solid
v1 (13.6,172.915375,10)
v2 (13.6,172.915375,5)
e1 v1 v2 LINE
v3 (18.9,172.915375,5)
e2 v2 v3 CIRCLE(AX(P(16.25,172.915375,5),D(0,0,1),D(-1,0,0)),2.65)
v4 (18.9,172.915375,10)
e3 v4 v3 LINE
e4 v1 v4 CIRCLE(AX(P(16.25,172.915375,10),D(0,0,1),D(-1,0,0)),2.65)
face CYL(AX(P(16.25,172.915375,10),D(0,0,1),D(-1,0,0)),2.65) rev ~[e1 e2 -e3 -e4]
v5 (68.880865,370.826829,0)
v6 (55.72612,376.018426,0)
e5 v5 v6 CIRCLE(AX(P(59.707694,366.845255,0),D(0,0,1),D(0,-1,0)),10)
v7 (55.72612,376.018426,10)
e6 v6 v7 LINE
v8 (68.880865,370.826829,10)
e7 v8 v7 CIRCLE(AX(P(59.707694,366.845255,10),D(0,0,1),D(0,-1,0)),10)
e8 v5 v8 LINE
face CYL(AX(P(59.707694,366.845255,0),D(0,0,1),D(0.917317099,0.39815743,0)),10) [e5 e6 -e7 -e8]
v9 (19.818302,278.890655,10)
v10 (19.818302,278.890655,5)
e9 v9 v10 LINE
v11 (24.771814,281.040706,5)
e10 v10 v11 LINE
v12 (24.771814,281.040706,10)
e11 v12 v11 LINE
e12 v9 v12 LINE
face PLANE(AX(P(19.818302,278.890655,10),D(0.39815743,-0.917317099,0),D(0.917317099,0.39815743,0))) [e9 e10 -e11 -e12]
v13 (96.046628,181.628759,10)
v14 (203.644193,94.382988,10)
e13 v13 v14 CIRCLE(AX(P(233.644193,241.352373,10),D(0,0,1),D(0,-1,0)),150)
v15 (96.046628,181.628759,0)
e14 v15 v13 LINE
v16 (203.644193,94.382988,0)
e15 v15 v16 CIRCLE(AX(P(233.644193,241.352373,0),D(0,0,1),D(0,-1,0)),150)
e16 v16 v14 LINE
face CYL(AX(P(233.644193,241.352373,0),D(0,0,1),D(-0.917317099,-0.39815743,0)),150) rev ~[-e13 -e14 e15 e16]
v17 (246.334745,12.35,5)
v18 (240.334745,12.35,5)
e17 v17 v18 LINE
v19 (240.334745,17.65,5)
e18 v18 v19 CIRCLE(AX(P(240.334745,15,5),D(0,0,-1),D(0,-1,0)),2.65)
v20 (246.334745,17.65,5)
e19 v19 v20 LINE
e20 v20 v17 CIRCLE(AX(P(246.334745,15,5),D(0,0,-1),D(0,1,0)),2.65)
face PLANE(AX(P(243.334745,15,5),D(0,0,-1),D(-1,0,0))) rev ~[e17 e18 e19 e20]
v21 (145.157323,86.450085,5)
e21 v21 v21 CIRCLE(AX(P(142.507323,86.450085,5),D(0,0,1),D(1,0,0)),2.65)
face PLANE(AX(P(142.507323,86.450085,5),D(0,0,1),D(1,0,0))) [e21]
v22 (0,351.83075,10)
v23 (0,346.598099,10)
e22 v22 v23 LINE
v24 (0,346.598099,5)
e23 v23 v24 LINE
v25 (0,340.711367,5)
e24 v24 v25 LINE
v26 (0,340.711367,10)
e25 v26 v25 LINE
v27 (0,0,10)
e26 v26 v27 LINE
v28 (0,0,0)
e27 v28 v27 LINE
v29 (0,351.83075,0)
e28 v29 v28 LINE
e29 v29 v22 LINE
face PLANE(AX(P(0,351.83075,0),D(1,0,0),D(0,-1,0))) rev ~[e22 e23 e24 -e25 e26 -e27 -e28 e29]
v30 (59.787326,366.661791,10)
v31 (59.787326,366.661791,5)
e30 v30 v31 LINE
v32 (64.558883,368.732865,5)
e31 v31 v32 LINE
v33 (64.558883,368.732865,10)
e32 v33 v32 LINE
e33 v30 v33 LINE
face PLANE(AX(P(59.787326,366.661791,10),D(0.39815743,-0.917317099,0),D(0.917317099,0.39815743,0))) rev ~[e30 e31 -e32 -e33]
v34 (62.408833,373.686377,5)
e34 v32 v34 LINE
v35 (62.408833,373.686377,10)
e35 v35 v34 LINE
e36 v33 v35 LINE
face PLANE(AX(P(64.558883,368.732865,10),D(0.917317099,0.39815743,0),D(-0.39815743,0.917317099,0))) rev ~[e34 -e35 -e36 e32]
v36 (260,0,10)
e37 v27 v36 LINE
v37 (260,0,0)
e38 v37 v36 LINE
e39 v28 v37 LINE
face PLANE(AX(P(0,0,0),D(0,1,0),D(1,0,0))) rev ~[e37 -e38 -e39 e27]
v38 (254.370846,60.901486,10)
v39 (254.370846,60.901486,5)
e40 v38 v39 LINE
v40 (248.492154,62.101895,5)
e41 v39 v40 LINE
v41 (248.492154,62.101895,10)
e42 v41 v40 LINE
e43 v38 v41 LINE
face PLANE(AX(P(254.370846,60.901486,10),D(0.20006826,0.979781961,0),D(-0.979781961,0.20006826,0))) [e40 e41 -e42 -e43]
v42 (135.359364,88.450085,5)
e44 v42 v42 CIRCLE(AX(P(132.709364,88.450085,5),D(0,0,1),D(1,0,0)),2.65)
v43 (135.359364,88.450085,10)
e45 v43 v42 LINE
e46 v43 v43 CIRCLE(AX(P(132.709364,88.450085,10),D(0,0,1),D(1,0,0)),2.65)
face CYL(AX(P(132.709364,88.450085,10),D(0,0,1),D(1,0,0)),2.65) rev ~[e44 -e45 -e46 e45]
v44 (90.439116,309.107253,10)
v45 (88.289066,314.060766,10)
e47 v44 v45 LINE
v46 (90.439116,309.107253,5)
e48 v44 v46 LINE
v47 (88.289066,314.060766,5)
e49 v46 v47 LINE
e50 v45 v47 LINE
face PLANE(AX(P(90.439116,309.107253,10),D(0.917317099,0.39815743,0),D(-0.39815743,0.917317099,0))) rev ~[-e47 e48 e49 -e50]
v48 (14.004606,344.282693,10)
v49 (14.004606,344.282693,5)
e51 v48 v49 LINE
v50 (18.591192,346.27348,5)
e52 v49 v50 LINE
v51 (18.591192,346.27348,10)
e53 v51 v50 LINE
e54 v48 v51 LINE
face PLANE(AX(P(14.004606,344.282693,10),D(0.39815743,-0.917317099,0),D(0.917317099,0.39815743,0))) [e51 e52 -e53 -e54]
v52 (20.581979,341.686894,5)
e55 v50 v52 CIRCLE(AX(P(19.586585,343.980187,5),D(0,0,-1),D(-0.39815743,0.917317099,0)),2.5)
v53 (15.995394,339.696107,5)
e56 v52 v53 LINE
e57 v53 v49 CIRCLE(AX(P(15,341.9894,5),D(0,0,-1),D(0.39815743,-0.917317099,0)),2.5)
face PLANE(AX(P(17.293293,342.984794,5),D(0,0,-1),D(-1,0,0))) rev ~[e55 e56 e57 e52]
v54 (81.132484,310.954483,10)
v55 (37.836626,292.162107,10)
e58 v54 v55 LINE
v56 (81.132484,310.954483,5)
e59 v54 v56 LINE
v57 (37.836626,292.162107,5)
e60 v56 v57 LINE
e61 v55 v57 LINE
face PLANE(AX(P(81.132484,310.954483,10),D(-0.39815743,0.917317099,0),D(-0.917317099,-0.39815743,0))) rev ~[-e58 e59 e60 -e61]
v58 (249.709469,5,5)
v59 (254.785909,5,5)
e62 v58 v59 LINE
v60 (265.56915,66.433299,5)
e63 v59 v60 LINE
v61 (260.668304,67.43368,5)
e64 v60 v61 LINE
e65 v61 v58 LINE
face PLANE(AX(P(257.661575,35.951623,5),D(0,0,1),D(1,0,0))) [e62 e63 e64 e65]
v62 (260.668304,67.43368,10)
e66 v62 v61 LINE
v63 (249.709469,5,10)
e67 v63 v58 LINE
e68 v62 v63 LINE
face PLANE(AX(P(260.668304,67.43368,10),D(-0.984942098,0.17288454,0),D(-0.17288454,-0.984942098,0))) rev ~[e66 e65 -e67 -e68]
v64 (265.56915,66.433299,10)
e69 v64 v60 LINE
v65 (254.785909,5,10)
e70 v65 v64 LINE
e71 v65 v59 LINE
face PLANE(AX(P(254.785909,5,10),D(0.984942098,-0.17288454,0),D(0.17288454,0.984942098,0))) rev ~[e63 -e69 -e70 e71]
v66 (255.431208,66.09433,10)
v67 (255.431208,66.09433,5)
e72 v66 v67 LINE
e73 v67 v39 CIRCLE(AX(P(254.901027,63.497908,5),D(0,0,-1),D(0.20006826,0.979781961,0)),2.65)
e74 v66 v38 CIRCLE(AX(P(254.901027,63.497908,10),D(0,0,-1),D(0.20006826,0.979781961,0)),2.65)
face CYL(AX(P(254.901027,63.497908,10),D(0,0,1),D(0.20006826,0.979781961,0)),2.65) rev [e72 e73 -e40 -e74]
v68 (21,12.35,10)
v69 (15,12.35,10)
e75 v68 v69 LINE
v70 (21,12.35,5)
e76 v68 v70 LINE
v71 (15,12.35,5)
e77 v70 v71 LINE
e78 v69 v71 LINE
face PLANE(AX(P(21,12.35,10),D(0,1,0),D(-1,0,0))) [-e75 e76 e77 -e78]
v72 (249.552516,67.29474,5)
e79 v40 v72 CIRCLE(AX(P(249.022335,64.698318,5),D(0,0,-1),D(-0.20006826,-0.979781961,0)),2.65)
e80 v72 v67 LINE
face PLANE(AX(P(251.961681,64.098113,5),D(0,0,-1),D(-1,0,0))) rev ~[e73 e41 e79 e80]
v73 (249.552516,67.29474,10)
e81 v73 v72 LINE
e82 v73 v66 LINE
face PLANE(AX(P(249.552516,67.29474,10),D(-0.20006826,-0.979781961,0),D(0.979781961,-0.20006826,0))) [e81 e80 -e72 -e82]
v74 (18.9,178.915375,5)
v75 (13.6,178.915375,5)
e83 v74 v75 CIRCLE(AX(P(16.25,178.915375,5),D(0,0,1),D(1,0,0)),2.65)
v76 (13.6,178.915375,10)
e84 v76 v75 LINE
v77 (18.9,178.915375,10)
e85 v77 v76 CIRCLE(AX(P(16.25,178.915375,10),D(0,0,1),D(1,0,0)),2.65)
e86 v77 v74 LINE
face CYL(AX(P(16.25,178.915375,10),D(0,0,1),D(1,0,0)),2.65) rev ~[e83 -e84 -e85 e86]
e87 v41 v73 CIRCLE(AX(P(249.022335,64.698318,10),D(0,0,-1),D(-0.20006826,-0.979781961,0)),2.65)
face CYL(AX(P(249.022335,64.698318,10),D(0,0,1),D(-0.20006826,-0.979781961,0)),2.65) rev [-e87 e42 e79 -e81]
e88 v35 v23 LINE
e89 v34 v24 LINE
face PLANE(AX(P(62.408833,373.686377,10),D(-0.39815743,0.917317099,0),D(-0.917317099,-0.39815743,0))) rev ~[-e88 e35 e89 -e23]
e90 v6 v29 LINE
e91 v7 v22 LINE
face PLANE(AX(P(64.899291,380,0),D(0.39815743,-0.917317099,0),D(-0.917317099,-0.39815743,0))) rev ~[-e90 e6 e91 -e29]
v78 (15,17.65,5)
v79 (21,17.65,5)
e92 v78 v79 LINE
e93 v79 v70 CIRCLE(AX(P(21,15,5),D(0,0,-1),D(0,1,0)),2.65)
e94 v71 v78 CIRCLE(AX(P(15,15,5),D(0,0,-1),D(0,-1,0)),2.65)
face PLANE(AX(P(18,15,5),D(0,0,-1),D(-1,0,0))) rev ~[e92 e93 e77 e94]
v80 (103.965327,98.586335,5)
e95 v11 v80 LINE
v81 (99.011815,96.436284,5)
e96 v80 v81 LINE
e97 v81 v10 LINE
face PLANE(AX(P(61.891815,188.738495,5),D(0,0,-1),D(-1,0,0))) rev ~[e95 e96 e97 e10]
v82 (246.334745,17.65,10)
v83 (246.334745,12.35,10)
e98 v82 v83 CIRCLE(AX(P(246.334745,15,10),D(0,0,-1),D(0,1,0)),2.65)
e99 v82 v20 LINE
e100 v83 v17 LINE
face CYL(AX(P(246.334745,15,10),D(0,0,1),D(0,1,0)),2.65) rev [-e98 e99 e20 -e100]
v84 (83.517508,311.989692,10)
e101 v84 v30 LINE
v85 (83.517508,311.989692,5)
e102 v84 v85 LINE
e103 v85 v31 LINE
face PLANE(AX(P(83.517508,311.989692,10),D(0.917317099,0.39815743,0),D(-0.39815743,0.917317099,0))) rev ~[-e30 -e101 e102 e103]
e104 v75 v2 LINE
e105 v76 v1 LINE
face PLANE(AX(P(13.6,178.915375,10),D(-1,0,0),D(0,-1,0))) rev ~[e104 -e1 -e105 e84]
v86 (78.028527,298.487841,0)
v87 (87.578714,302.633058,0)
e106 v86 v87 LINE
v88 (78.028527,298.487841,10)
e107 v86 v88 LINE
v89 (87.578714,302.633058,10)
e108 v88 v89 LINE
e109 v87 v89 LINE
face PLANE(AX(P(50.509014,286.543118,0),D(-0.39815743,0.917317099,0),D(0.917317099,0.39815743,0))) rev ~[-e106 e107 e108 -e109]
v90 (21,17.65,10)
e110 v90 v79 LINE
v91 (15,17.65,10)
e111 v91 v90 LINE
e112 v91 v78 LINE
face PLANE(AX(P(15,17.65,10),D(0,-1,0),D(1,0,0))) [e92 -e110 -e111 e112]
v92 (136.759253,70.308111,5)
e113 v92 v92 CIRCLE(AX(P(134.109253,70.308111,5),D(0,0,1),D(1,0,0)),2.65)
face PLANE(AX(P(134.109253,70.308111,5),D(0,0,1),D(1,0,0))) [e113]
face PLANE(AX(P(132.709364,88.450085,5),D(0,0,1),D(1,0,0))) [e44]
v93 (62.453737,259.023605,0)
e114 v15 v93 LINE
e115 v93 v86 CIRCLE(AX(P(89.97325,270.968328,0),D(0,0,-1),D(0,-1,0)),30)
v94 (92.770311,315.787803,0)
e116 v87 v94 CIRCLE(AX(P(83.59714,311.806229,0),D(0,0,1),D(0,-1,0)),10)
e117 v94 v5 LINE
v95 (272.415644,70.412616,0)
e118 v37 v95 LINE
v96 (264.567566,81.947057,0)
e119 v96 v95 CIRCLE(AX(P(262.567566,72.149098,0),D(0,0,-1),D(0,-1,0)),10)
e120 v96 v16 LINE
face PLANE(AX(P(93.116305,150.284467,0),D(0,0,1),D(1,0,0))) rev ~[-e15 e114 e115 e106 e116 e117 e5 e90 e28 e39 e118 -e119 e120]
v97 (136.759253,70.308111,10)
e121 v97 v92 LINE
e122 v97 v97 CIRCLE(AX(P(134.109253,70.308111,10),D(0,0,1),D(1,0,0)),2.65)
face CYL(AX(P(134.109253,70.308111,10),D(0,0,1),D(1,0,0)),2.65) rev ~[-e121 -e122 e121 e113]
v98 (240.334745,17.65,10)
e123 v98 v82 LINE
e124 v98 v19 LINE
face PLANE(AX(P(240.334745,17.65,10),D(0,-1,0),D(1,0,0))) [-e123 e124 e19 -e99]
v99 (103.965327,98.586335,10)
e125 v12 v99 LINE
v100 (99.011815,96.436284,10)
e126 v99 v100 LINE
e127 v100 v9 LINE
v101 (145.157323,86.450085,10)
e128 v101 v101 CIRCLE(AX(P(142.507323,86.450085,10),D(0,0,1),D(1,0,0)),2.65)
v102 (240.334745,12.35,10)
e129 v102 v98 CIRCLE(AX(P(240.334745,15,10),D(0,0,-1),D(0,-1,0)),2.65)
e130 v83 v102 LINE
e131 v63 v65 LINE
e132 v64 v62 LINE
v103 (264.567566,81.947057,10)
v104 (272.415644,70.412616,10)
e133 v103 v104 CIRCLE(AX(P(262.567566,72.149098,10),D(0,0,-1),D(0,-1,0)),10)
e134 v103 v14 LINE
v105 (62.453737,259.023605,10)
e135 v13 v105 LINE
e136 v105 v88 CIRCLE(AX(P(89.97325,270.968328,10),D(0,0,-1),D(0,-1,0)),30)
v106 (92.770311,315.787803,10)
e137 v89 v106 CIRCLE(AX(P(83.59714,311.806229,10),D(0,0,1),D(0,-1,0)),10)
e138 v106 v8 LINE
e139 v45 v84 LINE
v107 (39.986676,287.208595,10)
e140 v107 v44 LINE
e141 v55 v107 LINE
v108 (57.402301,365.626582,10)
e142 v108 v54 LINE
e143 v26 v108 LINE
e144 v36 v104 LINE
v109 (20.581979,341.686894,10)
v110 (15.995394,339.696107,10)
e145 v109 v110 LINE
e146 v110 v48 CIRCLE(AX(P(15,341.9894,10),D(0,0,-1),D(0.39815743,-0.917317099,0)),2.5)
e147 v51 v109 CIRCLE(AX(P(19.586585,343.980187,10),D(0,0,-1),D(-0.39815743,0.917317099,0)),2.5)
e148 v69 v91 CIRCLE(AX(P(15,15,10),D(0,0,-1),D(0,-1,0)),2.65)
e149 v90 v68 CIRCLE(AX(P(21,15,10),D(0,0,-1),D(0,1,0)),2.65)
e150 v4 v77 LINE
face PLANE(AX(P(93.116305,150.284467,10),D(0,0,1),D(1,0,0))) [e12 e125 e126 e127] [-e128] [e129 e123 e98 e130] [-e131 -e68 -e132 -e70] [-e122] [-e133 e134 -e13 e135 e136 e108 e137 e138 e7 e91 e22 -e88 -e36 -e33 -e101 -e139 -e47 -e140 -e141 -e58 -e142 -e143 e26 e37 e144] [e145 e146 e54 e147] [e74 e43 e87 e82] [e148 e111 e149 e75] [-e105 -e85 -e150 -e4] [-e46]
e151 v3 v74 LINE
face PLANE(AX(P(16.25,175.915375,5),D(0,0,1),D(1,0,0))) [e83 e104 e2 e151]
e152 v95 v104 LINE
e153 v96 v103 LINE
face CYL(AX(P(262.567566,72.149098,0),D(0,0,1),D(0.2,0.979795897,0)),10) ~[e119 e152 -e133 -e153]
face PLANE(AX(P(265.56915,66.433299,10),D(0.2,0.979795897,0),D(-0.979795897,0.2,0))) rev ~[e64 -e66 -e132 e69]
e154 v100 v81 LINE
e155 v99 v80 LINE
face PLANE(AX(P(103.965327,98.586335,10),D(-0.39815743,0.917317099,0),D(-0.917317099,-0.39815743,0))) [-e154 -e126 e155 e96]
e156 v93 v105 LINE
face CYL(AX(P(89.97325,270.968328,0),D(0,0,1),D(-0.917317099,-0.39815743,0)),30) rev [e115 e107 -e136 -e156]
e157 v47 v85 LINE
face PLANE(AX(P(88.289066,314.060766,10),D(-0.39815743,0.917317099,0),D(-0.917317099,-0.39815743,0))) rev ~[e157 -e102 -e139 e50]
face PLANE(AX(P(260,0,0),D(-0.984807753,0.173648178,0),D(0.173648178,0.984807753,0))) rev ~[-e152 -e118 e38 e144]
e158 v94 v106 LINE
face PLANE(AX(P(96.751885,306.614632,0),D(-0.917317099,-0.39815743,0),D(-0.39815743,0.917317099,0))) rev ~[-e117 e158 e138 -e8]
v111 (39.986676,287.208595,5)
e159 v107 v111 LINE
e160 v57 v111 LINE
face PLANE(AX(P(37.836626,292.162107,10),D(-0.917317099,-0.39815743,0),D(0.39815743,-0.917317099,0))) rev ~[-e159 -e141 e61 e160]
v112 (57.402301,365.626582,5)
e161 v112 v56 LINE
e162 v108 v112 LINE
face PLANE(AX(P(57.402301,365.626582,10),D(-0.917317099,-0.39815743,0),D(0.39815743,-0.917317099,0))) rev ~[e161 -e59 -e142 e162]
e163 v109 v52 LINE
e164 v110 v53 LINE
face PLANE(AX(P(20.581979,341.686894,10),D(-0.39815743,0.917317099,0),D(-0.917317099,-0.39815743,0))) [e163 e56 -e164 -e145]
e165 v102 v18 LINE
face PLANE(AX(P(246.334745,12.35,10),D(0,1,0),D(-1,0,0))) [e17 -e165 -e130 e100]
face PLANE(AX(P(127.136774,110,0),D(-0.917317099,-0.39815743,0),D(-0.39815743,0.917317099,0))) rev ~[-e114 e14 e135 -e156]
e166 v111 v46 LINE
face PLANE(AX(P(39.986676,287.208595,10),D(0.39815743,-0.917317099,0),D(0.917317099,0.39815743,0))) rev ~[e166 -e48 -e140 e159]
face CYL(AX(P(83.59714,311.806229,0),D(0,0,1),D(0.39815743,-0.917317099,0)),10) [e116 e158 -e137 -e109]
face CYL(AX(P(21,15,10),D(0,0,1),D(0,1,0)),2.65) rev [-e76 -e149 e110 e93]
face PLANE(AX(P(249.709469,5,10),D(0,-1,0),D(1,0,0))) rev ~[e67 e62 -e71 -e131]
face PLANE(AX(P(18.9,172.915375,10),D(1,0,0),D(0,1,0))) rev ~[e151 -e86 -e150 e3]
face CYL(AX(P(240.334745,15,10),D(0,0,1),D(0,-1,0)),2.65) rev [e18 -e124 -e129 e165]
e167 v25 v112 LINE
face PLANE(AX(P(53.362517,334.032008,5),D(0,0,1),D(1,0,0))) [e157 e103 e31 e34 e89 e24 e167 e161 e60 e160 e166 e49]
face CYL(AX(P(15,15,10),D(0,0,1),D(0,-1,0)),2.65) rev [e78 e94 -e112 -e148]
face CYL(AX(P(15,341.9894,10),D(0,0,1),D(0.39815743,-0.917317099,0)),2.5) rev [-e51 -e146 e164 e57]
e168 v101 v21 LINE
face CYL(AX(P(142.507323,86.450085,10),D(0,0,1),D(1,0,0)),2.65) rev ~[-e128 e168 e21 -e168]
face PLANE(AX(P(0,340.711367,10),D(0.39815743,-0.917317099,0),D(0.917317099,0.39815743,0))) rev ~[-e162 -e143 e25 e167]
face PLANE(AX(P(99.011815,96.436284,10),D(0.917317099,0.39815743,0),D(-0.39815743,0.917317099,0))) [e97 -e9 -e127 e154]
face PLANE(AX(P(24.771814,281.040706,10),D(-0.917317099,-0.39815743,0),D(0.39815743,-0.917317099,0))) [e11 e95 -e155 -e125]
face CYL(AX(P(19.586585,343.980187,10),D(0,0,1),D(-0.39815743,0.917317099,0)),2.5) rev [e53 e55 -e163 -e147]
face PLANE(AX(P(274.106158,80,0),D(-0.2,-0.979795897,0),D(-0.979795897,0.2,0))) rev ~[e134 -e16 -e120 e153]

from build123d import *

# Parameters (mm, degrees)
SALIENTE_EXTRUIR1_DEPTH = 10
REDONDEO1_R             = 30
REDONDEO2_R             = 150
REDONDEO3_R             = 10
CORTAR_EXTRUIR1_DEPTH   = 5
CROQUIS4_R              = 2.65
CORTAR_EXTRUIR3_DEPTH   = 5


with BuildPart() as part:
    # Croquis1 → Saliente-Extruir1 (new body)
    with BuildSketch(Plane.XY):
        Polygon((0, 0), (260, 0), (274.106158457, 80), (127.13677389, 110), (50.509014114, 286.543118386), (96.75188515, 306.61463205), (64.899290737, 380), (0, 351.830749872), align=None)
    extrude(amount=SALIENTE_EXTRUIR1_DEPTH)

    # Redondeo1
    redondeo1_edges = [part.edges().sort_by_distance(p)[0] for p in [
        (50.509014114, 286.543118386, 5),
    ]]
    fillet(redondeo1_edges, radius=REDONDEO1_R)

    # Redondeo2
    redondeo2_edges = [part.edges().sort_by_distance(p)[0] for p in [
        (127.13677389, 110, 5),
    ]]
    fillet(redondeo2_edges, radius=REDONDEO2_R)

    # Redondeo3
    redondeo3_edges = [part.edges().sort_by_distance(p)[0] for p in [
        (64.899290737, 380, 5),
        (96.75188515, 306.61463205, 5),
        (274.106158457, 80, 5),
    ]]
    fillet(redondeo3_edges, radius=REDONDEO3_R)

    # Croquis2 → Cortar-Extruir1 (cut)
    with BuildSketch(Plane.XY.offset(10)):
        Polygon((39.986675692, 287.208594669), (90.439116158, 309.107253328), (88.289066035, 314.060765665), (83.517508369, 311.989692162), (59.787325531, 366.661791285), (64.558883197, 368.732864788), (62.408833074, 373.686377124), (0, 346.598099131), (0, 340.711367047), (57.402301073, 365.626581966), (81.13248391, 310.954482844), (37.836625569, 292.162107006), align=None)
    extrude(amount=-CORTAR_EXTRUIR1_DEPTH, mode=Mode.SUBTRACT)

    # Croquis4 → Cortar-Extruir3 (cut)
    with BuildSketch(Plane.XY.offset(10)):
        with Locations((132.709363959, 88.450085292)):
            Circle(CROQUIS4_R)
        with Locations((142.50732293, 86.450085292)):
            Circle(CROQUIS4_R)
        with Locations((134.109252611, 70.308111078)):
            Circle(CROQUIS4_R)
        Polygon((254.785909436, 5), (265.569150028, 66.433298656), (260.668303978, 67.433679667), (249.709468889, 5), align=None)
        with BuildLine():
            Line((240.334745072, 17.65), (246.334745072, 17.65))
            ThreePointArc((246.334745072, 17.65), (248.984745072, 15), (246.334745072, 12.35))
            Line((246.334745072, 12.35), (240.334745072, 12.35))
            ThreePointArc((240.334745072, 12.35), (237.684745072, 15), (240.334745072, 17.65))
        make_face()
        with BuildLine():
            Line((249.552515929, 67.294739764), (255.431207696, 66.094330202))
            ThreePointArc((255.431207696, 66.094330202), (257.497449003, 62.967727115), (254.370845916, 60.901485808))
            Line((254.370845916, 60.901485808), (248.49215415, 62.10189537))
            ThreePointArc((248.49215415, 62.10189537), (246.425912843, 65.228498457), (249.552515929, 67.294739764))
        make_face()
        with BuildLine():
            Line((15, 17.65), (21, 17.65))
            ThreePointArc((21, 17.65), (23.65, 15), (21, 12.35))
            Line((21, 12.35), (15, 12.35))
            ThreePointArc((15, 12.35), (12.35, 15), (15, 17.65))
        make_face()
        Polygon((99.011814836, 96.436284415), (19.818301977, 278.890655481), (24.771814314, 281.040705604), (103.965327172, 98.586334538), align=None)
        with BuildLine():
            Line((13.6, 178.915374936), (13.6, 172.915374936))
            ThreePointArc((13.6, 172.915374936), (16.25, 170.265374936), (18.9, 172.915374936))
            Line((18.9, 172.915374936), (18.9, 178.915374936))
            ThreePointArc((18.9, 178.915374936), (16.25, 181.565374936), (13.6, 178.915374936))
        make_face()
        with BuildLine():
            Line((14.004606425, 344.282692717), (18.591191921, 346.273479867))
            ThreePointArc((18.591191921, 346.273479867), (21.879878245, 344.975580694), (20.581979072, 341.686894371))
            Line((20.581979072, 341.686894371), (15.995393575, 339.69610722))
            ThreePointArc((15.995393575, 339.69610722), (12.706707252, 340.994006393), (14.004606425, 344.282692717))
        make_face()
    extrude(amount=-CORTAR_EXTRUIR3_DEPTH, mode=Mode.SUBTRACT)


solid = part.part
